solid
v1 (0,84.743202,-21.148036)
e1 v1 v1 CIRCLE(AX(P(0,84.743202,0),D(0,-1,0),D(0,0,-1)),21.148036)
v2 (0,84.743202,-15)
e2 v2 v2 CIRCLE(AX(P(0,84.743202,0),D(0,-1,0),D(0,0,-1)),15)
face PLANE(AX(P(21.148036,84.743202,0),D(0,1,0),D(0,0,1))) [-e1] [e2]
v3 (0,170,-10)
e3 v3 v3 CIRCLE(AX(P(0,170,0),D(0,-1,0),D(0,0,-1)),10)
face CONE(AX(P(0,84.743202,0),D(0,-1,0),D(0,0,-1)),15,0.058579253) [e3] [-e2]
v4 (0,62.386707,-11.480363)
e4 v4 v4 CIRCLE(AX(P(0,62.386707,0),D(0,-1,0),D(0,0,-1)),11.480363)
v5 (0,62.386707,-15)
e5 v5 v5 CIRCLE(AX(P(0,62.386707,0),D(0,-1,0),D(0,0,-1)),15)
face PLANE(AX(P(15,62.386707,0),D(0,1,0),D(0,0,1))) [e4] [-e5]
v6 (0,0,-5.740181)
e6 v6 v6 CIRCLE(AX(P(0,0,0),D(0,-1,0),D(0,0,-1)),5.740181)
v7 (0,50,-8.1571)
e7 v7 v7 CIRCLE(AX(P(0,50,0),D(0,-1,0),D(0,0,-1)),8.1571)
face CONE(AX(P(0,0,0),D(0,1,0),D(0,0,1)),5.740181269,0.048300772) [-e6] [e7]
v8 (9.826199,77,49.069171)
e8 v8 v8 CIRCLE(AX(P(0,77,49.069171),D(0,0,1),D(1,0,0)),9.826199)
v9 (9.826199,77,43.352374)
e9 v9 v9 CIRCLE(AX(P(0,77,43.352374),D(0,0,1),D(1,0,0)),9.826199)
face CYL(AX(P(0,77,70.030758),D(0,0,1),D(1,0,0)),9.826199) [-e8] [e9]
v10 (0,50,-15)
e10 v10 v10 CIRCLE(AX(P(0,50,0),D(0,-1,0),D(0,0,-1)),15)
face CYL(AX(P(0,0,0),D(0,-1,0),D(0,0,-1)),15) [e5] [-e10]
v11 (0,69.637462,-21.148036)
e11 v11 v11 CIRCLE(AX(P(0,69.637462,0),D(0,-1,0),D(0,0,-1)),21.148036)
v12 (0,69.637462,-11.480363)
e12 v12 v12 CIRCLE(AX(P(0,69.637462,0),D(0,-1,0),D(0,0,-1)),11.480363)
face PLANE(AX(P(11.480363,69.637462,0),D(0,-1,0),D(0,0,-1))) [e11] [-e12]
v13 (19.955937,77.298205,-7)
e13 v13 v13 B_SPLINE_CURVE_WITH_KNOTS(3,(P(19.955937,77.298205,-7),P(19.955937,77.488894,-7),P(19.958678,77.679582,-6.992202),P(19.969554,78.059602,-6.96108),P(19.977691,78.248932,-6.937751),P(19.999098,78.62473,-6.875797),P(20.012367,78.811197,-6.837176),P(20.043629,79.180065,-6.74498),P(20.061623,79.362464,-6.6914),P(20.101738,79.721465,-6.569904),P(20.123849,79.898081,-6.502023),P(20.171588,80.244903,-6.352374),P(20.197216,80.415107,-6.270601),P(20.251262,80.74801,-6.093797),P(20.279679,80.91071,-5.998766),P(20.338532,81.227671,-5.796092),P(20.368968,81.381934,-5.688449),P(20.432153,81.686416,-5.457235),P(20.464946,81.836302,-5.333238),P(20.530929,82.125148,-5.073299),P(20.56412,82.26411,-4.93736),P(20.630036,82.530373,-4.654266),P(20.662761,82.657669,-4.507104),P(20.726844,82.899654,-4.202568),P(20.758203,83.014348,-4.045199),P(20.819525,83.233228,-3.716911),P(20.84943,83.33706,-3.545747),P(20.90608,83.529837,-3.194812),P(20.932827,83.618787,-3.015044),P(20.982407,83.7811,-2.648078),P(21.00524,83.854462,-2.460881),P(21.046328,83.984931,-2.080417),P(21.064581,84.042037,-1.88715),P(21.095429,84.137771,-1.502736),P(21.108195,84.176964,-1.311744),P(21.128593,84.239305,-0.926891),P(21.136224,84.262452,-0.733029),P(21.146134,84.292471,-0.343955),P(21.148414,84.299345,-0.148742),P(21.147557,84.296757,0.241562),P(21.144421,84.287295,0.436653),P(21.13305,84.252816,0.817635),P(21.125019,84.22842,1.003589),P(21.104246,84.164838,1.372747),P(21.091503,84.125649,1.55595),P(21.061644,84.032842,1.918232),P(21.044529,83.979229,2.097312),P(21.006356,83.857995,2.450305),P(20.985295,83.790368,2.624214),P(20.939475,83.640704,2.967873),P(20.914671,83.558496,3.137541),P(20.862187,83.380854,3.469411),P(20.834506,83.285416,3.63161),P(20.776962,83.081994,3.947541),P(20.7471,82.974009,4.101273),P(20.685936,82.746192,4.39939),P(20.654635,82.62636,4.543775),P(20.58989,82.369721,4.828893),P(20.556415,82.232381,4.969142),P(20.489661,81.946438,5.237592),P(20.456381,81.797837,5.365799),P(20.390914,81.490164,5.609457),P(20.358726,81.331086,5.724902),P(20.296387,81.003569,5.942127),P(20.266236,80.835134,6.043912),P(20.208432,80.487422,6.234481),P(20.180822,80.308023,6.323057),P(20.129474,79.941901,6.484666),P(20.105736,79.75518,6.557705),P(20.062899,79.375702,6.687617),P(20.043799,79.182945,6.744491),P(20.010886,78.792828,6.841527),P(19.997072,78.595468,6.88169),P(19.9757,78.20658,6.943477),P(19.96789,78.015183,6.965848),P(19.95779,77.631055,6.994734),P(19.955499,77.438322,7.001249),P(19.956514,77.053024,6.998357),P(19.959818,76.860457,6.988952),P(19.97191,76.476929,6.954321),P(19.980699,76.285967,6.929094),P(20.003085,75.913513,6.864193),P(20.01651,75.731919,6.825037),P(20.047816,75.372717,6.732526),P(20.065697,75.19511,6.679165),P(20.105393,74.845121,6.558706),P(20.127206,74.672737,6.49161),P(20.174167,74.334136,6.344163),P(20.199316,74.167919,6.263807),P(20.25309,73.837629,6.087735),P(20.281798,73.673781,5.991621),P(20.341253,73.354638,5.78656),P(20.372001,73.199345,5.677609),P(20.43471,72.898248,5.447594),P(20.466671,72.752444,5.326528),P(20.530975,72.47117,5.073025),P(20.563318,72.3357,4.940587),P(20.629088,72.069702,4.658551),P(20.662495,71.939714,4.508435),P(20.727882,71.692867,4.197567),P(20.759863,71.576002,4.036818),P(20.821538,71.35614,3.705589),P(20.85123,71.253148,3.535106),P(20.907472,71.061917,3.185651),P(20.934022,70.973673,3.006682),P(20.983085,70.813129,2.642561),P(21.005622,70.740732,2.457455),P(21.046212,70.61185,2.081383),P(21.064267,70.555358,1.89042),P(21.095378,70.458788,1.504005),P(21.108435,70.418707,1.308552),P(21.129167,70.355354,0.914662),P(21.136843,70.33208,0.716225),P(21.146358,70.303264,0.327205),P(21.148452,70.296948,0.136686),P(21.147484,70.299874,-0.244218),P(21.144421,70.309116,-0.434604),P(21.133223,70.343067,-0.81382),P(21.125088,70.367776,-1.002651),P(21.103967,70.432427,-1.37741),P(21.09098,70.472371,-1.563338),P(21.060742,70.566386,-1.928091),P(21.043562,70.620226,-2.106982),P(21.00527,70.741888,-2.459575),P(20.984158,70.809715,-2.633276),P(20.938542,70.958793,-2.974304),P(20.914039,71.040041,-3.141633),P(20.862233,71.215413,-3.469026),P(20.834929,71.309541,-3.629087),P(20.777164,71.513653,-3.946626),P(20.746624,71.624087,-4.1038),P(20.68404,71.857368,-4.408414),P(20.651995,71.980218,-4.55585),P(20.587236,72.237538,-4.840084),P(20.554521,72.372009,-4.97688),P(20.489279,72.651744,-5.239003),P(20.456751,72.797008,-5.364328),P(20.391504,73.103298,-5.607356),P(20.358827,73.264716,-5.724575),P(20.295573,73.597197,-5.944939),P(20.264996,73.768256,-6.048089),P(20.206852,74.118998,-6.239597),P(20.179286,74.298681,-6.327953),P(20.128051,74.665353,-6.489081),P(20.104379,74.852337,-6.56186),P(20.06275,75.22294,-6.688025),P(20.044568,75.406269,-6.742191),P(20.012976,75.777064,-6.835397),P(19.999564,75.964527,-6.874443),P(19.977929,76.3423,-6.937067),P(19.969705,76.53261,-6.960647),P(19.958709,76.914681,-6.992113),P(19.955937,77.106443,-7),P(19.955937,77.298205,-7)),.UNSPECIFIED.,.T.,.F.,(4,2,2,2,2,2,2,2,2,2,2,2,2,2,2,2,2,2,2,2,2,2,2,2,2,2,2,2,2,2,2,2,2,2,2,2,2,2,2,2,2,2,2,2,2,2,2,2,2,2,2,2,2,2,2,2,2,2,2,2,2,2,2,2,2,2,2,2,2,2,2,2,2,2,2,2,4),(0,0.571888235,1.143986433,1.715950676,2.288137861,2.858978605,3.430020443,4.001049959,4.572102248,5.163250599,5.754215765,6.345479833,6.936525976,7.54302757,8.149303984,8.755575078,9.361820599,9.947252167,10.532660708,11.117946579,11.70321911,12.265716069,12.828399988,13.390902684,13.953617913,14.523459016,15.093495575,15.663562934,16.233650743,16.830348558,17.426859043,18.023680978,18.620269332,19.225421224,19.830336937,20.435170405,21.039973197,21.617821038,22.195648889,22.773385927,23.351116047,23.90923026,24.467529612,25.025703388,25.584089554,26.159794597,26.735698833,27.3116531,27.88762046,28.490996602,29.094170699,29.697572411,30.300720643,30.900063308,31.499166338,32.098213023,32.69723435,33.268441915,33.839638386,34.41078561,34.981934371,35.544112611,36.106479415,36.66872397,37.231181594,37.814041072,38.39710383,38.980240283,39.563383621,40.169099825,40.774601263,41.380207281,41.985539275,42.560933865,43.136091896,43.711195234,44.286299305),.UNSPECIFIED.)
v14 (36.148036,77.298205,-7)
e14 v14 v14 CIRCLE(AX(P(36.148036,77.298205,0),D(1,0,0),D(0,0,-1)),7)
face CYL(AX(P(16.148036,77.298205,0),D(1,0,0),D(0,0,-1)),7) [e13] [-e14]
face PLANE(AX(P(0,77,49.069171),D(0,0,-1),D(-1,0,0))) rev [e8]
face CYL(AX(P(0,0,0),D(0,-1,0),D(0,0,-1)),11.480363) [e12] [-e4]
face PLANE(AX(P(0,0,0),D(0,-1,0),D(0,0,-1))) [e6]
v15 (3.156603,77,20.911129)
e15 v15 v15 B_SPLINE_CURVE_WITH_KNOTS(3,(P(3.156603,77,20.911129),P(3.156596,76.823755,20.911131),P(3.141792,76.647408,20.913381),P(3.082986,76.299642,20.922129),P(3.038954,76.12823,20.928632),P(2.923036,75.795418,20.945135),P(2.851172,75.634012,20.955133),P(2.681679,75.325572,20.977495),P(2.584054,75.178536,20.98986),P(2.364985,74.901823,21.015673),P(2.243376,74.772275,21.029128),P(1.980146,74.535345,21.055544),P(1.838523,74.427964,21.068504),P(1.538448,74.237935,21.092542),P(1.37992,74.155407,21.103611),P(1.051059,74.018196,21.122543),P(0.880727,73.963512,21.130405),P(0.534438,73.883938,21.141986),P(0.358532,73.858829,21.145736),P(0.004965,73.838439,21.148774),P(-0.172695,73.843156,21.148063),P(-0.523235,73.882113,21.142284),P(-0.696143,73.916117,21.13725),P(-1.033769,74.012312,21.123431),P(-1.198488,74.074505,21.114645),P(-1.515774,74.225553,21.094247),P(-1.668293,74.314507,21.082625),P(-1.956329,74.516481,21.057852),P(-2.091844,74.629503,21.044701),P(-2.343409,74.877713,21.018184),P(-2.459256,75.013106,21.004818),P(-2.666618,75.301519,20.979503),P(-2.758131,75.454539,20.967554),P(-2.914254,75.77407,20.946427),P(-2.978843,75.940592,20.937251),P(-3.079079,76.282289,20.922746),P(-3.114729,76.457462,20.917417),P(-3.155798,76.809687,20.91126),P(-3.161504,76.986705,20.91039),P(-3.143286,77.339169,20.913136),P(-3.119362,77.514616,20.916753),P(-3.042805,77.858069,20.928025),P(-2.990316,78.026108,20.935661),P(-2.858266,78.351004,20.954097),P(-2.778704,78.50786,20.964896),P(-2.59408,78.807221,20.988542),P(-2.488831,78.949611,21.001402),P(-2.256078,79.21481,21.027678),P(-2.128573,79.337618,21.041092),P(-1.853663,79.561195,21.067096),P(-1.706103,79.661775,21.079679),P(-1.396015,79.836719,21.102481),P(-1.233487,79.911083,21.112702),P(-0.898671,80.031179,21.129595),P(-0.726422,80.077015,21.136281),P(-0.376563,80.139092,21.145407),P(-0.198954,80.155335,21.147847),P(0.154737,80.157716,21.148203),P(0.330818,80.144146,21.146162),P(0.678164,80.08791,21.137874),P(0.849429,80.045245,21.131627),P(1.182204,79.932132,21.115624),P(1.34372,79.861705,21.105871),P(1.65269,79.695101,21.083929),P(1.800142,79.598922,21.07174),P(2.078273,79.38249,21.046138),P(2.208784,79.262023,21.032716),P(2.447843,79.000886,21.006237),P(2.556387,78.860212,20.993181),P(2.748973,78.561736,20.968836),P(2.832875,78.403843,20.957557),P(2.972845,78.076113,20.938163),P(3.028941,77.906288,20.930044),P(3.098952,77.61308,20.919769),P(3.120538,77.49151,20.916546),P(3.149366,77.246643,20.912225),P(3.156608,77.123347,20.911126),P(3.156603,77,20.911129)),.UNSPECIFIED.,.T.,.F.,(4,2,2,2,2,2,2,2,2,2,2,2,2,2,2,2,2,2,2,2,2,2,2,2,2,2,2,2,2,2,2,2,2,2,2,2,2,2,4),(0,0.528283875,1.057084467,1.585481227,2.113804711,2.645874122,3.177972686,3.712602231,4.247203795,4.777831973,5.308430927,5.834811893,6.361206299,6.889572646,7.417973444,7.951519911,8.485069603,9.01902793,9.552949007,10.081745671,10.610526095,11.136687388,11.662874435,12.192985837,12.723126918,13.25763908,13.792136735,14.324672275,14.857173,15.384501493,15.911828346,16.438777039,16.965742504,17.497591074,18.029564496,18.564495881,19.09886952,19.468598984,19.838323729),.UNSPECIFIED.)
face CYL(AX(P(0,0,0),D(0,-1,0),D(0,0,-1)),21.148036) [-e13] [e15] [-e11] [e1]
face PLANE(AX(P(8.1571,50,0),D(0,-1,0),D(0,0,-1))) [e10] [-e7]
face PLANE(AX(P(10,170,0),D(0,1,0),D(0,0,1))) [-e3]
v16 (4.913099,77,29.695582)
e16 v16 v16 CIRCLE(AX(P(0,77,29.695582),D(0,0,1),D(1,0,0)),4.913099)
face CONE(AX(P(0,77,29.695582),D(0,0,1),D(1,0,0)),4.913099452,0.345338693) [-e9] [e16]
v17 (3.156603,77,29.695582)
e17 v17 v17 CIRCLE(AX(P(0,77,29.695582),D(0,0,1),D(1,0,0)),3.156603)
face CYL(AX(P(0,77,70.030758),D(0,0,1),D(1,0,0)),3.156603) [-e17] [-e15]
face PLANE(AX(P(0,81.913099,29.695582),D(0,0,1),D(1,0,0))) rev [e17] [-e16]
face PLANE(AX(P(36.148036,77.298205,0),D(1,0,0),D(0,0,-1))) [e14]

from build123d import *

# Parameters (mm, degrees)
SKETCH_2_R           = 7
EXTRUDE_1_DEPTH      = 15
EXTRUDE_1_DEPTH_BACK = 5


with BuildPart() as part:
    # Эскиз1 → Повернуть2 (revolve)
    with BuildSketch(Plane.XY):
        Polygon((0, 0), (5.740181269, 0), (8.157099698, 50), (15, 50), (15, 62.386706949), (11.480362538, 62.386706949), (11.480362538, 69.637462236), (21.148036254, 69.637462236), (21.148036254, 84.743202417), (15, 84.743202417), (10, 170), (0, 170), align=None)
    revolve(axis=Axis((0, 0, 0), (0, 1, 0)))

    # Эскиз2 → Бобышка-Вытянуть1 (add, two sides)
    with BuildSketch(Plane(origin=(21.148036254, 0, 0), x_dir=(0, 0, -1), z_dir=(1, 0, 0))) as extrude_1_sk:
        with Locations((0, 77.29820462)):
            Circle(SKETCH_2_R)
    extrude(amount=EXTRUDE_1_DEPTH)
    extrude(extrude_1_sk.sketch, amount=-EXTRUDE_1_DEPTH_BACK)

    # Эскиз3 → Повернуть3 (revolve)
    with BuildSketch(Plane(origin=(0, 0, 0), x_dir=(0, 0, -1), z_dir=(1, 0, 0))):
        Polygon((-49.069170568, 77), (-49.069170568, 86.826198905), (-43.352373997, 86.826198905), (-29.695582188, 81.913099452), (-29.695582188, 80.156602905), (-20.167587903, 80.156602905), (-20.167587903, 77), align=None)
    revolve(axis=Axis((0, 77, 70.030757994), (0, 0, -1)))


solid = part.part
